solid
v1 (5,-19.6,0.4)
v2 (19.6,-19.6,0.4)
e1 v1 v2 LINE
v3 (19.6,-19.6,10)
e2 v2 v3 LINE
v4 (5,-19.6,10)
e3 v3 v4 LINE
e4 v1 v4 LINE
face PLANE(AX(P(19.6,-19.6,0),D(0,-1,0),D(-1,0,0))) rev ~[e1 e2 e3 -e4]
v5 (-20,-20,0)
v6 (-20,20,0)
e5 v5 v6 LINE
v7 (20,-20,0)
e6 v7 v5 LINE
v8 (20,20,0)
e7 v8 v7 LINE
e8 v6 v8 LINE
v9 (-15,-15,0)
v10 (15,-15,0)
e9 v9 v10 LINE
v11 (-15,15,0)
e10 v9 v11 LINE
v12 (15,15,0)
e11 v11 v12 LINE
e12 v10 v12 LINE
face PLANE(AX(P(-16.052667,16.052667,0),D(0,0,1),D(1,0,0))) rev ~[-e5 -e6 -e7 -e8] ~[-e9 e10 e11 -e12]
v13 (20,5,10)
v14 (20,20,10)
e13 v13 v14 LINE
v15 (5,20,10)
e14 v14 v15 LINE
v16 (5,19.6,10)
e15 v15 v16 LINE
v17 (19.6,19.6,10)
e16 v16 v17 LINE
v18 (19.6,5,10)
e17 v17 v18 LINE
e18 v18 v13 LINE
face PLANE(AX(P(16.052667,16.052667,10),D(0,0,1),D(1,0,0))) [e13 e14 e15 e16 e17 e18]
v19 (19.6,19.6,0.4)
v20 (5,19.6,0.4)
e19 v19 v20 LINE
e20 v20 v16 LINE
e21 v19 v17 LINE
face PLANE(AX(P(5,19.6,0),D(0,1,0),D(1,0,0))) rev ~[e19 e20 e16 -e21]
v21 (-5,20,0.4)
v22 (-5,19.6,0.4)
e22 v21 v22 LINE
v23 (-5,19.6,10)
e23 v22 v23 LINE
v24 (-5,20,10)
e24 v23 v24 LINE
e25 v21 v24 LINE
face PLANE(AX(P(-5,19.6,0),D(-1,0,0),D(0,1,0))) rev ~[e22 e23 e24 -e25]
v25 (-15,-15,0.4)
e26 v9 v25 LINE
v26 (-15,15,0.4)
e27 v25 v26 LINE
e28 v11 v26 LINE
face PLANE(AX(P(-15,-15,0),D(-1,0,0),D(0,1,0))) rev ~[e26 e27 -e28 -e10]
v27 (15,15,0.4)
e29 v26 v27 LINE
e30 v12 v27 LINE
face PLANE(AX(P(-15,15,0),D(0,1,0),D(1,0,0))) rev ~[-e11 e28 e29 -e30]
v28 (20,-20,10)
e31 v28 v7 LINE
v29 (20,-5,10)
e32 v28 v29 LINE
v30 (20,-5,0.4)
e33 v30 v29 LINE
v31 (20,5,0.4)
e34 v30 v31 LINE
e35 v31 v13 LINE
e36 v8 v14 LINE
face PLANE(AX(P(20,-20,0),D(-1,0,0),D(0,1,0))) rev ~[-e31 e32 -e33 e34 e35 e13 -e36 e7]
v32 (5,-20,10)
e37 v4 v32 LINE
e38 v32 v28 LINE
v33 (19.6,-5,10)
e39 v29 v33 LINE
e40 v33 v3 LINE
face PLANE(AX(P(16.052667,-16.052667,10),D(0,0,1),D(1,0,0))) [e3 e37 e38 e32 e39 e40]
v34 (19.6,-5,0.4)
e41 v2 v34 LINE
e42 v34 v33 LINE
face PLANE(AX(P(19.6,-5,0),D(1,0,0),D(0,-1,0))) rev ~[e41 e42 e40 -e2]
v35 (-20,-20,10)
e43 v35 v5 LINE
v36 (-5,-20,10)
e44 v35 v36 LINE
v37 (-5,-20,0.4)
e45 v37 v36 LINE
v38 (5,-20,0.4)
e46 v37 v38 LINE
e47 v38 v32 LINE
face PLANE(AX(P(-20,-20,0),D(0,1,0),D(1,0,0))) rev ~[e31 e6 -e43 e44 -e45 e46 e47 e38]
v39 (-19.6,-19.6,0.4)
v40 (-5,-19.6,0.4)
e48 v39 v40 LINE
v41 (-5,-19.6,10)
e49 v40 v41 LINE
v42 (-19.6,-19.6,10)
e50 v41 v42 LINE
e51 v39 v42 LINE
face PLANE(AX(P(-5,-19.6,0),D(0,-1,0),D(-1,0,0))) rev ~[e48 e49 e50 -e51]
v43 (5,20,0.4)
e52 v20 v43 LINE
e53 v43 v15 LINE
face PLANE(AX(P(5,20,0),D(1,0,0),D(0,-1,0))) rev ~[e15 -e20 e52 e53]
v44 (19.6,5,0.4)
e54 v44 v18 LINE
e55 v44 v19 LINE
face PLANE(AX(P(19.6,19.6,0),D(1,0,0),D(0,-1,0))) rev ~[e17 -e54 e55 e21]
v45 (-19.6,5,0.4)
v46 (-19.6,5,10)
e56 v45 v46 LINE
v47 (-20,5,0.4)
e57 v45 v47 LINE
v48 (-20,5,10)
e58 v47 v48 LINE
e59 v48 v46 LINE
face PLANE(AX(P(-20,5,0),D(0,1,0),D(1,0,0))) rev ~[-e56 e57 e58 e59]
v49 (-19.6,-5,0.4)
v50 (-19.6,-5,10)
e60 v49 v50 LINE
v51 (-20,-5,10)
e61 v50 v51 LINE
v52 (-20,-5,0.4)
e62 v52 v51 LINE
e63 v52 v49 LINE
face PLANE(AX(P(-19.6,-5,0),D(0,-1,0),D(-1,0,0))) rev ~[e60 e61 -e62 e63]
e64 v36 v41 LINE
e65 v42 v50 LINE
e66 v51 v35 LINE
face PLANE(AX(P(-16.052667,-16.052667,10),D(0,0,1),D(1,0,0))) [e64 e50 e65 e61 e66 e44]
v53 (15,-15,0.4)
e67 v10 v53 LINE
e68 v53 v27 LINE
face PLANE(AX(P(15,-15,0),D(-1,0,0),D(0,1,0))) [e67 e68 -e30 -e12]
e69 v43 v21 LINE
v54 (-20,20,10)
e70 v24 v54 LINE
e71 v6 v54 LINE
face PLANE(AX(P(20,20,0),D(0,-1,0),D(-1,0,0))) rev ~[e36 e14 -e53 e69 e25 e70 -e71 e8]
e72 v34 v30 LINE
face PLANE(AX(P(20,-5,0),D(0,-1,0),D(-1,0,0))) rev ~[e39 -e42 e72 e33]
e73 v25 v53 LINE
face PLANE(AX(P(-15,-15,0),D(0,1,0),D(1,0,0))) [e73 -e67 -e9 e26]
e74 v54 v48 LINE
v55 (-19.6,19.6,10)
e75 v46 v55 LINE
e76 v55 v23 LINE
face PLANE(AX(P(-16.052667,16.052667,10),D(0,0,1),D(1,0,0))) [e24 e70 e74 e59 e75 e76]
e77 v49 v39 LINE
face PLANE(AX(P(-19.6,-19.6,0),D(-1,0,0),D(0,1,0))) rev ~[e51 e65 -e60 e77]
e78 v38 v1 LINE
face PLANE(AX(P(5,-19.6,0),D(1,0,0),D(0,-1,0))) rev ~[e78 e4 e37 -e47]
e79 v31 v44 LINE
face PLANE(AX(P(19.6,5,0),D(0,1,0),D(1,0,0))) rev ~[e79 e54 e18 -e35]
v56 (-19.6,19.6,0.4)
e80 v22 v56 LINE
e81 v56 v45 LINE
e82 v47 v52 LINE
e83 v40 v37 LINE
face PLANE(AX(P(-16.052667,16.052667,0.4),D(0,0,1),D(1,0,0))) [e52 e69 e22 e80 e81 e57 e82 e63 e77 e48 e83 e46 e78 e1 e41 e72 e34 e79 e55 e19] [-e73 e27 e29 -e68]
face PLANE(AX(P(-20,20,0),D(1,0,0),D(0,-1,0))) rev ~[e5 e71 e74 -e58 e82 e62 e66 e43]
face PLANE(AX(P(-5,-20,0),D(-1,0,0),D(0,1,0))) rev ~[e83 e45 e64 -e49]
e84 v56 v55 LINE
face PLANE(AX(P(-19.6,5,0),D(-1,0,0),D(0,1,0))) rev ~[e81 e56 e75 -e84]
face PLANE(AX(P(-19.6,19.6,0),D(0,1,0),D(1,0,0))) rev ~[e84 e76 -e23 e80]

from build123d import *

# Parameters (mm, degrees)
F1_W     = 30
F1_H     = 30
F2_DEPTH = 0.4
F3_DEPTH = 10


with BuildPart() as f2:
    # F1 (on Top) → F2 (new body)
    with BuildSketch(Plane.XY):
        Polygon((-5, 20), (-20, 20), (-20, 5), (-19.6, 5), (-19.6, 19.6), (-5, 19.6), align=None)
        Polygon((20, 20), (5, 20), (5, 19.6), (19.6, 19.6), (19.6, 5), (20, 5), align=None)
        Polygon((5, 20), (-5, 20), (-5, 19.6), (-19.6, 19.6), (-19.6, 5), (-20, 5), (-20, -5), (-19.6, -5), (-19.6, -19.6), (-5, -19.6), (-5, -20), (5, -20), (5, -19.6), (19.6, -19.6), (19.6, -5), (20, -5), (20, 5), (19.6, 5), (19.6, 19.6), (5, 19.6), align=None)
        Rectangle(F1_W, F1_H, mode=Mode.SUBTRACT)
        Polygon((20, -20), (20, -5), (19.6, -5), (19.6, -19.6), (5, -19.6), (5, -20), align=None)
        Polygon((-19.6, -5), (-20, -5), (-20, -20), (-5, -20), (-5, -19.6), (-19.6, -19.6), align=None)
    extrude(amount=F2_DEPTH)

    # F1 (on Top) → F3 (join)
    with BuildSketch(Plane.XY):
        Polygon((20, -20), (20, -5), (19.6, -5), (19.6, -19.6), (5, -19.6), (5, -20), align=None)
        Polygon((-19.6, -5), (-20, -5), (-20, -20), (-5, -20), (-5, -19.6), (-19.6, -19.6), align=None)
        Polygon((20, 20), (5, 20), (5, 19.6), (19.6, 19.6), (19.6, 5), (20, 5), align=None)
        Polygon((-5, 20), (-20, 20), (-20, 5), (-19.6, 5), (-19.6, 19.6), (-5, 19.6), align=None)
    extrude(amount=F3_DEPTH)


solid = f2.part
